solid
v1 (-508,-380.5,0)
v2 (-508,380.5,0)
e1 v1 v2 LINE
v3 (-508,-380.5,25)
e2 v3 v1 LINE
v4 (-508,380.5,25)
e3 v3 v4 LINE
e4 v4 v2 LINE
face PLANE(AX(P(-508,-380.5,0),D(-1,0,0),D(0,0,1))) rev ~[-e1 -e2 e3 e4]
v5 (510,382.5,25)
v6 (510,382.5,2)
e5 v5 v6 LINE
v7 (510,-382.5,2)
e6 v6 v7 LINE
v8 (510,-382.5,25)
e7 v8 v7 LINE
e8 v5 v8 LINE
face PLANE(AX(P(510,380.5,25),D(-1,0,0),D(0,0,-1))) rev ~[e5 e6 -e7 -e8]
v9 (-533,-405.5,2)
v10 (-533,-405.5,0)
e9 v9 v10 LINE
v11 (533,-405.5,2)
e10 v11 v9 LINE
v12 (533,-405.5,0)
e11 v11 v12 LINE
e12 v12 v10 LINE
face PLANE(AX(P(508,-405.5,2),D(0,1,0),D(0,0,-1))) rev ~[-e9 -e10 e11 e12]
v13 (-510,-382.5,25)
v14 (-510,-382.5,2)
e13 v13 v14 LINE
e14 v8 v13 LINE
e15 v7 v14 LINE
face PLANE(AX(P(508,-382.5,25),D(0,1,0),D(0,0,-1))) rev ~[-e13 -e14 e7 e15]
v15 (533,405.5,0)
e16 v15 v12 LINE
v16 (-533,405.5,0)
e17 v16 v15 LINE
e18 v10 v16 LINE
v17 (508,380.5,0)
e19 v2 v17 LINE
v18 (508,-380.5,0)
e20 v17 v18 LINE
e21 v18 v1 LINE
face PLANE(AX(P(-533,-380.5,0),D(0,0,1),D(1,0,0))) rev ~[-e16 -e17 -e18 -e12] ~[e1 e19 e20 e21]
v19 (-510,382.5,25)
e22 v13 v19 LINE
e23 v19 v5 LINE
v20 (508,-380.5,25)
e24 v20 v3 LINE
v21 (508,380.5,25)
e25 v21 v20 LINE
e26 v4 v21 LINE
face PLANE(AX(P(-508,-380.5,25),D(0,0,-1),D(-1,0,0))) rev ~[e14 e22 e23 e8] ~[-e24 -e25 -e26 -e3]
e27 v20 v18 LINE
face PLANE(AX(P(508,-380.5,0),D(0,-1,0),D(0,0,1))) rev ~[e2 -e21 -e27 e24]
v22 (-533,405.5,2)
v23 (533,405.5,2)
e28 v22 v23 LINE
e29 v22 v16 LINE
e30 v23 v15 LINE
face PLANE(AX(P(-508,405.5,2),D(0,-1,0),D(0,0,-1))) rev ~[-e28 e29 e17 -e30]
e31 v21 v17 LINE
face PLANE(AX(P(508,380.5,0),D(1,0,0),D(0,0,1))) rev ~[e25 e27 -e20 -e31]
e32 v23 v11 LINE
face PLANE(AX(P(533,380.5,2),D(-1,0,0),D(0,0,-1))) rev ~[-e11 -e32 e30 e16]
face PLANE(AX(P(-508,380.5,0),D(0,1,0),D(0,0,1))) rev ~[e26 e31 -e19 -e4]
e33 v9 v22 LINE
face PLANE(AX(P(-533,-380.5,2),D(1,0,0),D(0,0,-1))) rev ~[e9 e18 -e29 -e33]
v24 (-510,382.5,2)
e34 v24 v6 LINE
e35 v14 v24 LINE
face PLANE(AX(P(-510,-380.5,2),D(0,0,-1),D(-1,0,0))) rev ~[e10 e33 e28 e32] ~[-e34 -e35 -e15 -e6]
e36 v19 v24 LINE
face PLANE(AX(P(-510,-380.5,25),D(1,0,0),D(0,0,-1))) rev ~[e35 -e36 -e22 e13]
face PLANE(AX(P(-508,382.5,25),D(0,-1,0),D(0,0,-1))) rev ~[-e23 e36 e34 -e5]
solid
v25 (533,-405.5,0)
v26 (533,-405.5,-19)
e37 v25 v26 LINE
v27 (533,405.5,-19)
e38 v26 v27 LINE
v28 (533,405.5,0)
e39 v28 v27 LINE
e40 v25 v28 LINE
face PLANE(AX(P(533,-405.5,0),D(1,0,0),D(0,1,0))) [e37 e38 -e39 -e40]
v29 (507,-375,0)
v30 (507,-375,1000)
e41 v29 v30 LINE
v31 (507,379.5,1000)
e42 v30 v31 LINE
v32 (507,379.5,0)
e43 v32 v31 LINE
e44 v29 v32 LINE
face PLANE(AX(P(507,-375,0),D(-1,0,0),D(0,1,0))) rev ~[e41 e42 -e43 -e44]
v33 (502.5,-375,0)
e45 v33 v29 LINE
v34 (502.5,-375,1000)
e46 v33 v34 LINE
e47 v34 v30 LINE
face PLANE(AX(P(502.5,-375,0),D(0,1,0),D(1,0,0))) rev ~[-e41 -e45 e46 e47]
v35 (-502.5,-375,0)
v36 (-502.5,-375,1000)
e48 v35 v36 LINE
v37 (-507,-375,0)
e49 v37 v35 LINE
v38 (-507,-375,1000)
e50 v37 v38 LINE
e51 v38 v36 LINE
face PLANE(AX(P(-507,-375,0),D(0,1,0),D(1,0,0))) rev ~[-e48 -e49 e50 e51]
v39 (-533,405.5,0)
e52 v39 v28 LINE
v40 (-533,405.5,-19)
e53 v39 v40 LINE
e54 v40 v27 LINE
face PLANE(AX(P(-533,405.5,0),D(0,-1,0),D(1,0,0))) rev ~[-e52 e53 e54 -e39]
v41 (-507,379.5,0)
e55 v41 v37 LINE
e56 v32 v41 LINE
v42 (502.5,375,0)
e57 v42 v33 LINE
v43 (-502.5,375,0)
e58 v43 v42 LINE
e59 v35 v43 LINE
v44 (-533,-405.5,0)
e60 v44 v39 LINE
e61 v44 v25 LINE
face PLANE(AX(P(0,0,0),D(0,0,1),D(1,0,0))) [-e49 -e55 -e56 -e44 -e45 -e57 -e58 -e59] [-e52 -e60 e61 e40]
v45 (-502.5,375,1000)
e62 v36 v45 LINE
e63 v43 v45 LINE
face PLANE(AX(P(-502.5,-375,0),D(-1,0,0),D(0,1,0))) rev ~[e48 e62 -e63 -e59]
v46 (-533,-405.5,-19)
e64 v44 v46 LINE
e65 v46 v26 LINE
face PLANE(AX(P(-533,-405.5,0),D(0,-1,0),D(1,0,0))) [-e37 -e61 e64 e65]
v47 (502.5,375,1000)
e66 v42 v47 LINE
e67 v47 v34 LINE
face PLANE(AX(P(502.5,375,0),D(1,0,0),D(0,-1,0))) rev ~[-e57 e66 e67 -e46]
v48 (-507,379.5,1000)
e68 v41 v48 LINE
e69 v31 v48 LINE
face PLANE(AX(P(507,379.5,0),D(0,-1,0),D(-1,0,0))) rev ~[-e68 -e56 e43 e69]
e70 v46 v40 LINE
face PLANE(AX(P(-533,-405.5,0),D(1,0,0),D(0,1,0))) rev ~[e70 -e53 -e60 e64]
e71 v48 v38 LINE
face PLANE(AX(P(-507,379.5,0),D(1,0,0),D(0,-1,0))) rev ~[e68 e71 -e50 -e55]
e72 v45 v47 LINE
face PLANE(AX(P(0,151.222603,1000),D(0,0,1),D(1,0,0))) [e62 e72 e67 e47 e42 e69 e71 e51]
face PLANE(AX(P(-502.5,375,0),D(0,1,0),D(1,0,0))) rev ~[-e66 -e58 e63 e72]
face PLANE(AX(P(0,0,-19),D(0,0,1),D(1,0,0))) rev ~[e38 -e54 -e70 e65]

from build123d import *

# Parameters (mm, degrees)
F4_W     = 1066
F4_H     = 811
F5_DEPTH = 19
F6_DEPTH = 1000


with BuildPart() as f3:
    # F3: sweep along a path in F2
    with BuildLine(Plane.XY) as f3_path:
        Line((-508, -380.5), (-508, 380.5))
        Line((-508, 380.5), (508, 380.5))
        Line((508, 380.5), (508, -380.5))
        Line((508, -380.5), (-508, -380.5))
    # F1 (on Front) → F3 (sweep)
    with BuildSketch(Plane.XZ):
        Polygon((-533, 2), (-533, 0), (-508, 0), (-508, 25), (-510, 25), (-510, 2), align=None)
    sweep(path=f3_path.line, transition=Transition.RIGHT)


with BuildPart() as f5:
    # F4 (on Top) → F5 (new body)
    with BuildSketch(Plane.XY):
        Rectangle(F4_W, F4_H)
    extrude(amount=-F5_DEPTH)

    # F0 (on Top) → F6 (join)
    with BuildSketch(Plane.XY):
        Polygon((-502.5, -375), (-502.5, 375), (502.5, 375), (502.5, -375), (507, -375), (507, 379.5), (-507, 379.5), (-507, -375), align=None)
    extrude(amount=F6_DEPTH)


solid = Compound([f3.part, f5.part])
